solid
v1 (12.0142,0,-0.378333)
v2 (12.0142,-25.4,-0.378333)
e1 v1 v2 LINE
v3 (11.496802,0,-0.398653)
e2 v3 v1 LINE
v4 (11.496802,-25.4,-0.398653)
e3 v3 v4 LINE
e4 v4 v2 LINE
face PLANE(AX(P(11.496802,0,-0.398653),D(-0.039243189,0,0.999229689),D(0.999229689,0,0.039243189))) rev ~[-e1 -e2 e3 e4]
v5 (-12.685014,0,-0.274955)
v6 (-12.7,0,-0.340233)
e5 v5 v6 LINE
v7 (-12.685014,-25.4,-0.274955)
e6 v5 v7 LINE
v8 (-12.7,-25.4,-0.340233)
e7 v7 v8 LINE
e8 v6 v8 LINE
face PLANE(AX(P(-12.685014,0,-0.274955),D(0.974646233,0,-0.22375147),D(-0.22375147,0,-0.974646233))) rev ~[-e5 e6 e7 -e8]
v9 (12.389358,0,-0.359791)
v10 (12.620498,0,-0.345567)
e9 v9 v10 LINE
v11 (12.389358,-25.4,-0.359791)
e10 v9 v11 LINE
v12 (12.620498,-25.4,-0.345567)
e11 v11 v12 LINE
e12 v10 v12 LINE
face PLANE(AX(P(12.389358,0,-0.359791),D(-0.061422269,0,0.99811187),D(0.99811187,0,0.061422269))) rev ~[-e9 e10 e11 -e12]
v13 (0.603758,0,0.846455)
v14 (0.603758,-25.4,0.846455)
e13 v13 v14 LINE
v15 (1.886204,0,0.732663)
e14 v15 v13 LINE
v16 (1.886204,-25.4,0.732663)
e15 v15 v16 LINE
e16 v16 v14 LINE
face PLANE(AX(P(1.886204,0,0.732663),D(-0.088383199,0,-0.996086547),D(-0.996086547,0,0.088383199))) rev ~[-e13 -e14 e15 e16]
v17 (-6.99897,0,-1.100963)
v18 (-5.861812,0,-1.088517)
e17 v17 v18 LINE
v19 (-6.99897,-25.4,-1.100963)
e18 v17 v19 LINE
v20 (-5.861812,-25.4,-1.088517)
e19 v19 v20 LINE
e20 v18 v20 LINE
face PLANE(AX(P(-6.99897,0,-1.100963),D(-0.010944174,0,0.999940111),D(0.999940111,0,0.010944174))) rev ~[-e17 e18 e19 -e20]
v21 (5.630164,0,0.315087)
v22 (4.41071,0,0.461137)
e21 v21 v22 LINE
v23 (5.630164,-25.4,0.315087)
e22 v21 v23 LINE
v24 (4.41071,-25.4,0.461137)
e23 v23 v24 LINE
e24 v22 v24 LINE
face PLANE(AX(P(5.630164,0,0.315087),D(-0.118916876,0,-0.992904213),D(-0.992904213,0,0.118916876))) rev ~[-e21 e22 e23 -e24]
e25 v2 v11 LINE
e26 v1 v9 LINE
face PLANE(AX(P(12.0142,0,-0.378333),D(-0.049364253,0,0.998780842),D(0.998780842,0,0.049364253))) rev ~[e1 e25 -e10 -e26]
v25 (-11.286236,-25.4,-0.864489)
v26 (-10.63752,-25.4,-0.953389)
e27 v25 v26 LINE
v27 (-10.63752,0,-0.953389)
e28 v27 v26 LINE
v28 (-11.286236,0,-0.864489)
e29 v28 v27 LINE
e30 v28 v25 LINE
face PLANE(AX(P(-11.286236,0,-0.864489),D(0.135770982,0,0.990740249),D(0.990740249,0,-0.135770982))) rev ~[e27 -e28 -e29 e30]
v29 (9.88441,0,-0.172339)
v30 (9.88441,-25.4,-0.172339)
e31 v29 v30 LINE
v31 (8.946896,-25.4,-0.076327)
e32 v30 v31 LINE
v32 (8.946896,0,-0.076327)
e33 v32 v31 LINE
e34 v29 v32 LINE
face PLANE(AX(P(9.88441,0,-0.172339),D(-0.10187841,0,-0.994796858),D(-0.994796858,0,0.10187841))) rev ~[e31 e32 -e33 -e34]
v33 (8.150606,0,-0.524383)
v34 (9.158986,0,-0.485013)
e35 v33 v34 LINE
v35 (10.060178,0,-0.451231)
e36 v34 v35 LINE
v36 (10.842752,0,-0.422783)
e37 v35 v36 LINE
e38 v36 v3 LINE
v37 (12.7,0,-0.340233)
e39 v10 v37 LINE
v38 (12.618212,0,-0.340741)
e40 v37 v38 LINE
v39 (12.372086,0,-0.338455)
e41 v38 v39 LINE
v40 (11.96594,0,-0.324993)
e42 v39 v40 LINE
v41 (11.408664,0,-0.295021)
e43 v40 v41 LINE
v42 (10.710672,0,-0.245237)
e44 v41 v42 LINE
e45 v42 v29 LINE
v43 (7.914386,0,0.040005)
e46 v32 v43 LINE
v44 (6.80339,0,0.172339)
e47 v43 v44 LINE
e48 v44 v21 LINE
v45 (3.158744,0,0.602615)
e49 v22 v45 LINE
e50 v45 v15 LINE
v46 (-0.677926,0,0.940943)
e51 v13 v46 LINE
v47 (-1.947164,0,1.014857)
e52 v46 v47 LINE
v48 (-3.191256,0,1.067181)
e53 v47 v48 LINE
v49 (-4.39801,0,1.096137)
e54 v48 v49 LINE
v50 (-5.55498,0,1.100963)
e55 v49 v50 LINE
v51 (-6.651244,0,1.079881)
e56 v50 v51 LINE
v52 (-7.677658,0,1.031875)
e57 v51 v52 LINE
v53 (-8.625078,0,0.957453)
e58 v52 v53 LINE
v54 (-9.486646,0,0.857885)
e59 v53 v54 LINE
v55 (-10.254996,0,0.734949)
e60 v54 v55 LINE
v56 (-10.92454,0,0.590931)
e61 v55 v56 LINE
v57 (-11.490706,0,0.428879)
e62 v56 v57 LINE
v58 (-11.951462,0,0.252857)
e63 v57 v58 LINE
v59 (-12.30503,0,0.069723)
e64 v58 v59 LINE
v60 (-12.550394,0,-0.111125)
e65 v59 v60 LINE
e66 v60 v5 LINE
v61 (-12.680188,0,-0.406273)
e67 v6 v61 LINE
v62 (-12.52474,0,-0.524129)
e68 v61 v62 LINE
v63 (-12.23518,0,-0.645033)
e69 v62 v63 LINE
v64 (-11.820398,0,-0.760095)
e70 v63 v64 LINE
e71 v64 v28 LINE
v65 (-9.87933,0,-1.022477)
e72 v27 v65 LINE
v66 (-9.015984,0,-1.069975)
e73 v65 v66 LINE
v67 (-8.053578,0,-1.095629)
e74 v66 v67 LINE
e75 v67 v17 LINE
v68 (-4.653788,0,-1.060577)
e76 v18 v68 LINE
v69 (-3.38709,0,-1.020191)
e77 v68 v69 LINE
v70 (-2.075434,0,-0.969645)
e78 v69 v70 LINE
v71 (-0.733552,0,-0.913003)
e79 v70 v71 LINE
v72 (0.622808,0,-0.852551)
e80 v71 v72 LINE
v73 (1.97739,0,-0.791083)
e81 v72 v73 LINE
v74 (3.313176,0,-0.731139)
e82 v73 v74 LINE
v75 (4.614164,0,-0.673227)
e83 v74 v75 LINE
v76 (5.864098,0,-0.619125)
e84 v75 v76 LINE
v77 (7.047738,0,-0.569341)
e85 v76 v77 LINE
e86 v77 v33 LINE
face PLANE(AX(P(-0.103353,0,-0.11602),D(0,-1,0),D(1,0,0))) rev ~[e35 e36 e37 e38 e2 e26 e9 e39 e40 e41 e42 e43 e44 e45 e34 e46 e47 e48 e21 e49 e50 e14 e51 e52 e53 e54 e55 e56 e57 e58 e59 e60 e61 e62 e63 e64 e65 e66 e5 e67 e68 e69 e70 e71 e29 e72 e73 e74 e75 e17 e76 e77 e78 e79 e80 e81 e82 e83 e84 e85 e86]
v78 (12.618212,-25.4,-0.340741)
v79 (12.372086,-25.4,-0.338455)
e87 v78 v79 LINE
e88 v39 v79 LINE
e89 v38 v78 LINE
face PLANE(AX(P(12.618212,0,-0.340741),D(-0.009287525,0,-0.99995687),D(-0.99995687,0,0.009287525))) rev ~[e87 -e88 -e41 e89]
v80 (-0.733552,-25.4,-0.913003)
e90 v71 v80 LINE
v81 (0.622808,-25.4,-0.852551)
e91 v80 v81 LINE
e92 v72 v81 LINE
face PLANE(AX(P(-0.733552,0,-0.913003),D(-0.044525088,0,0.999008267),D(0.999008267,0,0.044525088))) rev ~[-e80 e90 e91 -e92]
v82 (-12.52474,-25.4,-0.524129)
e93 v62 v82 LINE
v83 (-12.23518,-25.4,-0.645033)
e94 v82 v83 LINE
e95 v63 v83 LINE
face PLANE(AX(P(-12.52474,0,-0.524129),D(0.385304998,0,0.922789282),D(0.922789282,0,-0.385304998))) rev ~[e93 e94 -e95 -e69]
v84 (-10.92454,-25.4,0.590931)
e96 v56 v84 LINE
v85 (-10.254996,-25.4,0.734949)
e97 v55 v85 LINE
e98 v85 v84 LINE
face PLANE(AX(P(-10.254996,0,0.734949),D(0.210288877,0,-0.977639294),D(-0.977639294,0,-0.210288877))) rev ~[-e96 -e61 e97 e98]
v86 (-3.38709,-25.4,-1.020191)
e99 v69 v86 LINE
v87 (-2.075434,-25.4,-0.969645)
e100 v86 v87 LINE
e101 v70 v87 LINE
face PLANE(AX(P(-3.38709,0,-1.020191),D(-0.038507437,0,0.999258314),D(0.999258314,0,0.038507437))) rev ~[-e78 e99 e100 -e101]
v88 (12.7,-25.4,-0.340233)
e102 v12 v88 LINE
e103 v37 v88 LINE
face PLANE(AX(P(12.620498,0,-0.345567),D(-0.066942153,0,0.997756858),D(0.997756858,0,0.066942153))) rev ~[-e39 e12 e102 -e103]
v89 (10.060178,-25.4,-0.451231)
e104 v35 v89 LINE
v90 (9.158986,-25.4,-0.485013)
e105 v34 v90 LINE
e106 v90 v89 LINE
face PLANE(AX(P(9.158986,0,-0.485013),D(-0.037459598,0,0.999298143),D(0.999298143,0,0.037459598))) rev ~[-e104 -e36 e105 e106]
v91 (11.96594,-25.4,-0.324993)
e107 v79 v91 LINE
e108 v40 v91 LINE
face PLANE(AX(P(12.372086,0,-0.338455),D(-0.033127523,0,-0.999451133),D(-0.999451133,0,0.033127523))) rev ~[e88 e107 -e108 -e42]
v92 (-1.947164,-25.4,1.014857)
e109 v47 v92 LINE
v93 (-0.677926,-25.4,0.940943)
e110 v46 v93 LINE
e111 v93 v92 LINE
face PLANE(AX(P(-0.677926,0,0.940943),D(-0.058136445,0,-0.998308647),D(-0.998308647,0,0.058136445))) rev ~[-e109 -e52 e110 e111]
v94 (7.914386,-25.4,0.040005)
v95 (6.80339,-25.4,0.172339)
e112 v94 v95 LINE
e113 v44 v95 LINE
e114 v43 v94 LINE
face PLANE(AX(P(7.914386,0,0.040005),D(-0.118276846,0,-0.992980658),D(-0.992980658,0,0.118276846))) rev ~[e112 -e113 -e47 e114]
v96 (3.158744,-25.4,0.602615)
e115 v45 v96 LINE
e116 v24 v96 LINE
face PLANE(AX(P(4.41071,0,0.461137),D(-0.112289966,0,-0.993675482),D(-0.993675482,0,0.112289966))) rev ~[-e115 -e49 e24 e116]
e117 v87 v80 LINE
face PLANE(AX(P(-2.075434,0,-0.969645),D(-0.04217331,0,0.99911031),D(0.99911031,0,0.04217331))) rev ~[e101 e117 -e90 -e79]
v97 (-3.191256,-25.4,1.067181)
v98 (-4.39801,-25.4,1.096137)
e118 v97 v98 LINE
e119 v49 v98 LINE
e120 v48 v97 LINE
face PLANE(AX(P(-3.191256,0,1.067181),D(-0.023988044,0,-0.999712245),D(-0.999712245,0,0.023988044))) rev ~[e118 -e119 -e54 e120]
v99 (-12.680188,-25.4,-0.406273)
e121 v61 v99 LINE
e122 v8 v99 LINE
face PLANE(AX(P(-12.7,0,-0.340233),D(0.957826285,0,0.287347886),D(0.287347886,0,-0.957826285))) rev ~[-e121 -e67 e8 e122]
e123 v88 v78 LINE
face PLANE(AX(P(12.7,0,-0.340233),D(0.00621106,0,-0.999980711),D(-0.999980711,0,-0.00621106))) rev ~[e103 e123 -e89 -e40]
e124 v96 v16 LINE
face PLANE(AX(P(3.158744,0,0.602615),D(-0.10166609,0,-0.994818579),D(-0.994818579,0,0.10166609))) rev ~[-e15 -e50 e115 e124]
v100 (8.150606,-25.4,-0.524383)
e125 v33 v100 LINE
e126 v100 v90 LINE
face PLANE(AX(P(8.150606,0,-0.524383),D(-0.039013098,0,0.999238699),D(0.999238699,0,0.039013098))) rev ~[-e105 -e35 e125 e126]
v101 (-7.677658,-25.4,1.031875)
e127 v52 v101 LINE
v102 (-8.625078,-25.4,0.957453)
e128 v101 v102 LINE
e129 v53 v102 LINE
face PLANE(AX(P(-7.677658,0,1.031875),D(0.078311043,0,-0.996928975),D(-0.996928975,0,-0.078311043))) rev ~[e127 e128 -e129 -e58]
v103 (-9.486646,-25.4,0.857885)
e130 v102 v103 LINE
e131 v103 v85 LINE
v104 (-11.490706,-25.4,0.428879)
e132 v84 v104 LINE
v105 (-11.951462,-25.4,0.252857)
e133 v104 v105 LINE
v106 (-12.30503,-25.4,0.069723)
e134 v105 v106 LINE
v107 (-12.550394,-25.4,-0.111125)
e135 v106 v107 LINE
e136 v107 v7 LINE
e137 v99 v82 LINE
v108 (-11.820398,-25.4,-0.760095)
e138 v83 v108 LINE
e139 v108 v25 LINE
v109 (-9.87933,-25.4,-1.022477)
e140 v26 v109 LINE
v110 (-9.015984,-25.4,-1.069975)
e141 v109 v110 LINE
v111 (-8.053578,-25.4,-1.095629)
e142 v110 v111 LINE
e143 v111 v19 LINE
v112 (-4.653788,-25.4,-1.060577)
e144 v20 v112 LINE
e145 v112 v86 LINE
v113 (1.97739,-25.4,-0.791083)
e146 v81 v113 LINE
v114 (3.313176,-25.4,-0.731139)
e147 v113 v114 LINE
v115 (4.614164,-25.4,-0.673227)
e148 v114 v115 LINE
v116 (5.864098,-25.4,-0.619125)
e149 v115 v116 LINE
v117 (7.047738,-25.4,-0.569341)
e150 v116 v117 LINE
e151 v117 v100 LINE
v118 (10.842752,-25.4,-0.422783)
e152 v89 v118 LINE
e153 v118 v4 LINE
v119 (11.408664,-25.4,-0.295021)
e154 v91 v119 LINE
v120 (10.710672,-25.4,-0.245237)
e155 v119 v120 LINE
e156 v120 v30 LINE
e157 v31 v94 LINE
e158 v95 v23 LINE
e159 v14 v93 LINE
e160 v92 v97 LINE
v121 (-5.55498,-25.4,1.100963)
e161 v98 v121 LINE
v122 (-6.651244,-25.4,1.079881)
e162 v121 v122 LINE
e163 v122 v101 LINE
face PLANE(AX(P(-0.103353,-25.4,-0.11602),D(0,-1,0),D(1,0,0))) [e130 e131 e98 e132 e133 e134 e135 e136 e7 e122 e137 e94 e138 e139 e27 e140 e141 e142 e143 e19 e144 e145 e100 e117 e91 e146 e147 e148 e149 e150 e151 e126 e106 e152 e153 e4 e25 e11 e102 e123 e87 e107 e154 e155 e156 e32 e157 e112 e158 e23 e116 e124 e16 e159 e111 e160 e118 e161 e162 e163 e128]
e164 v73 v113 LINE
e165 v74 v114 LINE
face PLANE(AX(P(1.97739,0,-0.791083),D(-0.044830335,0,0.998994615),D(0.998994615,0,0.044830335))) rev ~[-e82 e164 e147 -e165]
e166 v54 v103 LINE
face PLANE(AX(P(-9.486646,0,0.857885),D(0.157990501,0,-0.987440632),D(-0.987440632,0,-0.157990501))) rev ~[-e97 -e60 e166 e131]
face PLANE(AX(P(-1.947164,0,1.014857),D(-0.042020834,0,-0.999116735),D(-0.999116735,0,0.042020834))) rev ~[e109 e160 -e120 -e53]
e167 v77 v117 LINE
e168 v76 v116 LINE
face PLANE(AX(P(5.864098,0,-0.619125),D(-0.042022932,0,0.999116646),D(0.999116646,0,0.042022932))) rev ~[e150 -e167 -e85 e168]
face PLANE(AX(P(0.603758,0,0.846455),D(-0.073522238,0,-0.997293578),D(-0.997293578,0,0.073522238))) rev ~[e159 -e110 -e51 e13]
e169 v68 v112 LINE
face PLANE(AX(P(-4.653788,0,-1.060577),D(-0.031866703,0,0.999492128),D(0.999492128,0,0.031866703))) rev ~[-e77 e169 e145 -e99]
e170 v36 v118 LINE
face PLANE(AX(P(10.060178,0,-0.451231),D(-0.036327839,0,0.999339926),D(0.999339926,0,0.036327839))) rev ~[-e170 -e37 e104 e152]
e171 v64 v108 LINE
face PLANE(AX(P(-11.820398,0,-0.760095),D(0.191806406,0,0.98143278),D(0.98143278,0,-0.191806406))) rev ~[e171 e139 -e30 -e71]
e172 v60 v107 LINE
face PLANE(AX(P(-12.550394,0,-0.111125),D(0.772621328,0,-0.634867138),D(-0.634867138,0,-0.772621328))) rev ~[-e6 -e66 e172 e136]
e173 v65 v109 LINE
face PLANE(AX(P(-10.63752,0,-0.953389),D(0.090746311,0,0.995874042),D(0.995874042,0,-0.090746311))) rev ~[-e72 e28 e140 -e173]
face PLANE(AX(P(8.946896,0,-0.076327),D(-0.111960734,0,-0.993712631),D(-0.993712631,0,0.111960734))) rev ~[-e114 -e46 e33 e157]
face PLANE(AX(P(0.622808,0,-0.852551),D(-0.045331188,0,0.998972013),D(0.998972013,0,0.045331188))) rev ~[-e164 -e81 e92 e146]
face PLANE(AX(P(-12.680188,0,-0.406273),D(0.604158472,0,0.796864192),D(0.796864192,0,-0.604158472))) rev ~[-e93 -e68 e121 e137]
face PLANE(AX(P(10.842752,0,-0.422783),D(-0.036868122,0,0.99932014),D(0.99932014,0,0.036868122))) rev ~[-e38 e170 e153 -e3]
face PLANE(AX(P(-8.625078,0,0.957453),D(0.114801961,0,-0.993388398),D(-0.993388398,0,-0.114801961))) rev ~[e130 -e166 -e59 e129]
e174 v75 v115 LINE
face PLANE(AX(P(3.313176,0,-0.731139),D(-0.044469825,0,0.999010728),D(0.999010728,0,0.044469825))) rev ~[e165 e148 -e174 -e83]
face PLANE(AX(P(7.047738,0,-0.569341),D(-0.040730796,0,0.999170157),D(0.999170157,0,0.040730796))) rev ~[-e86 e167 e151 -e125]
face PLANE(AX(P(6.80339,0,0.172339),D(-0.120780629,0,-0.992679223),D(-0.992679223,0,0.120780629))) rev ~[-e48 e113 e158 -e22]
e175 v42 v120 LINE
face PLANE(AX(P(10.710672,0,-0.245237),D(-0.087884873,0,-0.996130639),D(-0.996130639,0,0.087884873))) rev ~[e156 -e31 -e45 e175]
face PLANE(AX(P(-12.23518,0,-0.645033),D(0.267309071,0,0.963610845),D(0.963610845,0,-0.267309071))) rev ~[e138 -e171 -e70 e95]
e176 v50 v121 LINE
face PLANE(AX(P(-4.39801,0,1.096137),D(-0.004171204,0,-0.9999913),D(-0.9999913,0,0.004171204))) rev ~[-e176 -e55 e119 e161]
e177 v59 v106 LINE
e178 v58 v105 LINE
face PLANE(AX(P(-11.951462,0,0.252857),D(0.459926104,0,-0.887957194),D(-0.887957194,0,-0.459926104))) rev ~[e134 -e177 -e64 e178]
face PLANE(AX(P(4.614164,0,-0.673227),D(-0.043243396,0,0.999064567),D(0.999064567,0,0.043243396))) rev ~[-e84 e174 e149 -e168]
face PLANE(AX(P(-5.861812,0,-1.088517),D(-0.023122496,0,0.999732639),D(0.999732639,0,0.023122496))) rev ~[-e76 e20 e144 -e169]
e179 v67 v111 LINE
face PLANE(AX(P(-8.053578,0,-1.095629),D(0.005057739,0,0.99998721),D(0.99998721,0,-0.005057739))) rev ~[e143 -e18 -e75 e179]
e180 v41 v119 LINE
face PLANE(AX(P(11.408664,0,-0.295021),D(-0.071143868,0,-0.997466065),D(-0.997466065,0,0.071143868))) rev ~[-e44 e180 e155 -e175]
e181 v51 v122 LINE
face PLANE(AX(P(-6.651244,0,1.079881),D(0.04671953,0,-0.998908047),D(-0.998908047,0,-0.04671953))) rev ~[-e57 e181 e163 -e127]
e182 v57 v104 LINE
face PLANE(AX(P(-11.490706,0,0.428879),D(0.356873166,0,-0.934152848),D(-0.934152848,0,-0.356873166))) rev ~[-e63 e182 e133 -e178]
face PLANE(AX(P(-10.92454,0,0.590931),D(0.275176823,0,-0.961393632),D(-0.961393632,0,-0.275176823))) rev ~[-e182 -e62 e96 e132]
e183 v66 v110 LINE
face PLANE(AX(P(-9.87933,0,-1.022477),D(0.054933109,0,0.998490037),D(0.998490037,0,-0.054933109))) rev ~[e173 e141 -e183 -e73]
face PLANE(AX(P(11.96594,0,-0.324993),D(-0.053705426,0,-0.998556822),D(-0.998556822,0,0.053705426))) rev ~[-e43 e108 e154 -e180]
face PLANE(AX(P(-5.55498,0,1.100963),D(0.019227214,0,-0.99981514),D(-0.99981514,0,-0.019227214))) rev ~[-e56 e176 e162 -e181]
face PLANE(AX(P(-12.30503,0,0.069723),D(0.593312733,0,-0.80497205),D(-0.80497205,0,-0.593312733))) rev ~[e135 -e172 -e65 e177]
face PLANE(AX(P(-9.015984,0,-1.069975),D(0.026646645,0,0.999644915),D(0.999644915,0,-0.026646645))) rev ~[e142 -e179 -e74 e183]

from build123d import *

# Parameters (mm, degrees)
F1_DEPTH = 25.4


with BuildPart() as f1:
    # F0 (on Front) → F1 (new body)
    with BuildSketch(Plane.XZ):
        Polygon((12.620498, -0.345567), (12.7, -0.340233), (12.618212, -0.340741), (12.372086, -0.338455), (11.96594, -0.324993), (11.408664, -0.295021), (10.710672, -0.245237), (9.88441, -0.172339), (8.946896, -0.076327), (7.914386, 0.040005), (6.80339, 0.172339), (5.630164, 0.315087), (4.41071, 0.461137), (3.158744, 0.602615), (1.886204, 0.732663), (0.603758, 0.846455), (-0.677926, 0.940943), (-1.947164, 1.014857), (-3.191256, 1.067181), (-4.39801, 1.096137), (-5.55498, 1.100963), (-6.651244, 1.079881), (-7.677658, 1.031875), (-8.625078, 0.957453), (-9.486646, 0.857885), (-10.254996, 0.734949), (-10.92454, 0.590931), (-11.490706, 0.428879), (-11.951462, 0.252857), (-12.30503, 0.069723), (-12.550394, -0.111125), (-12.685014, -0.274955), (-12.7, -0.340233), (-12.680188, -0.406273), (-12.52474, -0.524129), (-12.23518, -0.645033), (-11.820398, -0.760095), (-11.286236, -0.864489), (-10.63752, -0.953389), (-9.87933, -1.022477), (-9.015984, -1.069975), (-8.053578, -1.095629), (-6.99897, -1.100963), (-5.861812, -1.088517), (-4.653788, -1.060577), (-3.38709, -1.020191), (-2.075434, -0.969645), (-0.733552, -0.913003), (0.622808, -0.852551), (1.97739, -0.791083), (3.313176, -0.731139), (4.614164, -0.673227), (5.864098, -0.619125), (7.047738, -0.569341), (8.150606, -0.524383), (9.158986, -0.485013), (10.060178, -0.451231), (10.842752, -0.422783), (11.496802, -0.398653), (12.0142, -0.378333), (12.389358, -0.359791), align=None)
    extrude(amount=F1_DEPTH)


solid = f1.part
